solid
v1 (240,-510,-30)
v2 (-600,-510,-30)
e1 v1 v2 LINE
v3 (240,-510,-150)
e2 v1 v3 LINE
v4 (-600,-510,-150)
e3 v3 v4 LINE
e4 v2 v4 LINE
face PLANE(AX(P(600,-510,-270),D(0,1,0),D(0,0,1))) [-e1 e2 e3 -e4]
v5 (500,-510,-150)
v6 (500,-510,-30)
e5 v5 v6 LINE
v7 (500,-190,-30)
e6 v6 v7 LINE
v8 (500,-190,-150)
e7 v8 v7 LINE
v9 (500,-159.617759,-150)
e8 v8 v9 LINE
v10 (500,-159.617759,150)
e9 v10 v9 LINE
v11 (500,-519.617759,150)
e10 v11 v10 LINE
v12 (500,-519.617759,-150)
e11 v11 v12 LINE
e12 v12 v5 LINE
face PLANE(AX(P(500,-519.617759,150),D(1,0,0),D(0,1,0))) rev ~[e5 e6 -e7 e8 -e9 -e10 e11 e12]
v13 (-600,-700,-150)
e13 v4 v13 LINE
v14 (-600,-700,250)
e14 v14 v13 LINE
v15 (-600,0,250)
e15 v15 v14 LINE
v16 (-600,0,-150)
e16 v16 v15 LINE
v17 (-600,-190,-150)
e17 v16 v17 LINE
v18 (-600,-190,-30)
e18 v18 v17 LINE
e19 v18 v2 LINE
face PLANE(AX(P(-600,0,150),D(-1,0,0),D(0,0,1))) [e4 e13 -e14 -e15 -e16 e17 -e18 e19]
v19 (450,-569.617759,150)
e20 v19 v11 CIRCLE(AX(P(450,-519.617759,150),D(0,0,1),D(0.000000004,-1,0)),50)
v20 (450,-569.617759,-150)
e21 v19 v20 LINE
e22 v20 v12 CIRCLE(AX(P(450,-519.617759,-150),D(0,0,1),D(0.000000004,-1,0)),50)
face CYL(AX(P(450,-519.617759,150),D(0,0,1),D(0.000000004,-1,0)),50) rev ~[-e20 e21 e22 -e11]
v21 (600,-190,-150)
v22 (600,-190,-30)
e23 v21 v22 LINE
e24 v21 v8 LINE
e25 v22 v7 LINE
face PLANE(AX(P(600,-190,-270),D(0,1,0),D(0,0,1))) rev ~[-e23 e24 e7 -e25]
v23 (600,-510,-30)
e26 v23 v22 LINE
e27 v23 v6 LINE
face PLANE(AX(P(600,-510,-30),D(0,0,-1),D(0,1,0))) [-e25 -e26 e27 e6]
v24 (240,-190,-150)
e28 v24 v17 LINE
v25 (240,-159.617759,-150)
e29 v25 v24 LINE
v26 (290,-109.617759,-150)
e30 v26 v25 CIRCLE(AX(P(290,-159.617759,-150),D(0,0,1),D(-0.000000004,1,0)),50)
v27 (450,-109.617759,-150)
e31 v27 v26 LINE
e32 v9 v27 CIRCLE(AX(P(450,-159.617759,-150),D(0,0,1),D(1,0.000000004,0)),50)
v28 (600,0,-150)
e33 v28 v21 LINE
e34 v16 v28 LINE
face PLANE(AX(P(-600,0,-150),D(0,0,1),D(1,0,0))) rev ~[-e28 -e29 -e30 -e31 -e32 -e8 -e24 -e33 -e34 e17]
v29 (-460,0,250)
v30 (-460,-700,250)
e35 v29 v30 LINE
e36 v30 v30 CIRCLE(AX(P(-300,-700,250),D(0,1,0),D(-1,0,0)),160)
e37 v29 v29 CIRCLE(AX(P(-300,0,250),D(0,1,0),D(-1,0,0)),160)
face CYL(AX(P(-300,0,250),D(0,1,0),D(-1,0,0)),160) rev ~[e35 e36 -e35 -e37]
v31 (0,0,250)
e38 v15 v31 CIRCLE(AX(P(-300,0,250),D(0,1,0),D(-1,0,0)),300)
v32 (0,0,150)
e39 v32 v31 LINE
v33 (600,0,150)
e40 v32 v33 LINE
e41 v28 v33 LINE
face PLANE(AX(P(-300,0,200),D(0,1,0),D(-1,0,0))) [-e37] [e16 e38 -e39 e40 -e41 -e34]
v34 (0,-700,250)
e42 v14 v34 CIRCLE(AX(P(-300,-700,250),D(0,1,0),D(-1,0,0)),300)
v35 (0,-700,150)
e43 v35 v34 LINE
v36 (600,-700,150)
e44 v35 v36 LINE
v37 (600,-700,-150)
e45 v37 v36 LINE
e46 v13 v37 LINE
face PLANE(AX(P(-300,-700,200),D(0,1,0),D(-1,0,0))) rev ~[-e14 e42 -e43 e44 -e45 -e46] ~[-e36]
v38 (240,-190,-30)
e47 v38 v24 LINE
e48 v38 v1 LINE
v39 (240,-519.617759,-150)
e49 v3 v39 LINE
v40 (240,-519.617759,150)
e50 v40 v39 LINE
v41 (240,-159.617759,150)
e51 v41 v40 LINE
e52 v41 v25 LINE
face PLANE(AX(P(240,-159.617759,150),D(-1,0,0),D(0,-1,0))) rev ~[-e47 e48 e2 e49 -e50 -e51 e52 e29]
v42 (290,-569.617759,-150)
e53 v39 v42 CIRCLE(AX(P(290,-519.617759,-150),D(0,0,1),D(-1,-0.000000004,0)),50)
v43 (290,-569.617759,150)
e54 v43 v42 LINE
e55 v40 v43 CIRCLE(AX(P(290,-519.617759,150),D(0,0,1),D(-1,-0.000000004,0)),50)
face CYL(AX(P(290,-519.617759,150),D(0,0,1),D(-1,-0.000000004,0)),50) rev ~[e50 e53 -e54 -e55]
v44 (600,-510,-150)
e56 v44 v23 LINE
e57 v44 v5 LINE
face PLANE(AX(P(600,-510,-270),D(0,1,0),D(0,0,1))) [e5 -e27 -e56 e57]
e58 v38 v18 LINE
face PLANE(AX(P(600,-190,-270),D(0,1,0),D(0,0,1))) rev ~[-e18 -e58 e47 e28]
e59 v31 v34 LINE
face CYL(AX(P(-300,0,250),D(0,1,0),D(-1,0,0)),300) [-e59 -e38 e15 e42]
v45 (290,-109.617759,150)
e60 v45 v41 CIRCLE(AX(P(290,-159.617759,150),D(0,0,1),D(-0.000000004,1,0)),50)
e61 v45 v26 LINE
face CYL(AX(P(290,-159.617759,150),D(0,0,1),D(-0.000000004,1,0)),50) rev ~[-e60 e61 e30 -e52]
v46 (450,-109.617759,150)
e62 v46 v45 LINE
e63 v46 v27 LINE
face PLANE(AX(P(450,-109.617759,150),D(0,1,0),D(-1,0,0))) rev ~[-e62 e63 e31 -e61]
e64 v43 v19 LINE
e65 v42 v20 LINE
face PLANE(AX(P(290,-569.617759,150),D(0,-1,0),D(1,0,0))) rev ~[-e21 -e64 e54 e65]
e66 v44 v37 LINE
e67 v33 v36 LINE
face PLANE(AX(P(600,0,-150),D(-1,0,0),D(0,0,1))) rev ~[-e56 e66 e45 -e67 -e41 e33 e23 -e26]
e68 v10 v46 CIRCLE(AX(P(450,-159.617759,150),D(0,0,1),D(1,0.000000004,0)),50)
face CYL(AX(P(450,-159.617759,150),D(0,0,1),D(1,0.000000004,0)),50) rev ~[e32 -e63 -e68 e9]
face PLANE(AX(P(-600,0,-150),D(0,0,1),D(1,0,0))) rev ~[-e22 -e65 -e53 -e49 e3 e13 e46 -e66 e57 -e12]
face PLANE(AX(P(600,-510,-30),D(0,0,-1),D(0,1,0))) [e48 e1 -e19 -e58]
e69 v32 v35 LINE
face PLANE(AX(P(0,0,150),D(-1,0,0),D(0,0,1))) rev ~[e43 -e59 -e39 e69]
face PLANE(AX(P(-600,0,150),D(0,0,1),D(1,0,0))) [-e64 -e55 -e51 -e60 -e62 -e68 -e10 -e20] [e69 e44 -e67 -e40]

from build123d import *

# Parameters (mm, degrees)
F0_W     = 1200
F0_H     = 300
F1_DEPTH = 700
F2_W     = 600
F2_H     = 100
F3_DEPTH = 700
F4_R     = 160
F5_DEPTH = 700.001
F7_DEPTH = 300.001
F8_W     = 320
F8_H     = 240
F9_DEPTH = 1200.001


with BuildPart() as f1:
    # F0 (on Front) → F1 (new body)
    with BuildSketch(Plane.XZ):
        Rectangle(F0_W, F0_H)
    extrude(amount=F1_DEPTH)

    # F2 (on face) → F3 (join)
    with BuildSketch(Plane(origin=(0, 0, 0), x_dir=(-1, 0, 0), z_dir=(0, 1, 0))):
        with Locations((300, 200)):
            Rectangle(F2_W, F2_H)
        with BuildLine():
            Line((0, 250), (600, 250))
            ThreePointArc((600, 250), (300, 550), (0, 250))
        make_face()
    extrude(amount=-F3_DEPTH)

    # F4 (on face) → F5 (cut, through all)
    with BuildSketch(Plane(origin=(0, 0, 0), x_dir=(-1, 0, 0), z_dir=(0, 1, 0))):
        with Locations((300, 250)):
            Circle(F4_R)
    extrude(amount=-F5_DEPTH, mode=Mode.SUBTRACT)

    # F6 (on face) → F7 (cut, through all)
    with BuildSketch(Plane.XY.offset(150)):
        with BuildLine():
            Line((450, -109.617759), (290, -109.617759))
            ThreePointArc((290, -109.617759), (254.644661, -124.26242), (240, -159.617759))
            Line((240, -159.617759), (240, -519.617759))
            ThreePointArc((240, -519.617759), (254.644661, -554.973098), (290, -569.617759))
            Line((290, -569.617759), (450, -569.617759))
            ThreePointArc((450, -569.617759), (485.355339, -554.973098), (500, -519.617759))
            Line((500, -519.617759), (500, -159.617759))
            ThreePointArc((500, -159.617759), (485.355339, -124.26242), (450, -109.617759))
        make_face()
    extrude(amount=-F7_DEPTH, mode=Mode.SUBTRACT)

    # F8 (on face) → F9 (cut, through all)
    with BuildSketch(Plane.YZ.offset(600)):
        with Locations((-350, -150)):
            Rectangle(F8_W, F8_H)
    extrude(amount=-F9_DEPTH, mode=Mode.SUBTRACT)


solid = f1.part
